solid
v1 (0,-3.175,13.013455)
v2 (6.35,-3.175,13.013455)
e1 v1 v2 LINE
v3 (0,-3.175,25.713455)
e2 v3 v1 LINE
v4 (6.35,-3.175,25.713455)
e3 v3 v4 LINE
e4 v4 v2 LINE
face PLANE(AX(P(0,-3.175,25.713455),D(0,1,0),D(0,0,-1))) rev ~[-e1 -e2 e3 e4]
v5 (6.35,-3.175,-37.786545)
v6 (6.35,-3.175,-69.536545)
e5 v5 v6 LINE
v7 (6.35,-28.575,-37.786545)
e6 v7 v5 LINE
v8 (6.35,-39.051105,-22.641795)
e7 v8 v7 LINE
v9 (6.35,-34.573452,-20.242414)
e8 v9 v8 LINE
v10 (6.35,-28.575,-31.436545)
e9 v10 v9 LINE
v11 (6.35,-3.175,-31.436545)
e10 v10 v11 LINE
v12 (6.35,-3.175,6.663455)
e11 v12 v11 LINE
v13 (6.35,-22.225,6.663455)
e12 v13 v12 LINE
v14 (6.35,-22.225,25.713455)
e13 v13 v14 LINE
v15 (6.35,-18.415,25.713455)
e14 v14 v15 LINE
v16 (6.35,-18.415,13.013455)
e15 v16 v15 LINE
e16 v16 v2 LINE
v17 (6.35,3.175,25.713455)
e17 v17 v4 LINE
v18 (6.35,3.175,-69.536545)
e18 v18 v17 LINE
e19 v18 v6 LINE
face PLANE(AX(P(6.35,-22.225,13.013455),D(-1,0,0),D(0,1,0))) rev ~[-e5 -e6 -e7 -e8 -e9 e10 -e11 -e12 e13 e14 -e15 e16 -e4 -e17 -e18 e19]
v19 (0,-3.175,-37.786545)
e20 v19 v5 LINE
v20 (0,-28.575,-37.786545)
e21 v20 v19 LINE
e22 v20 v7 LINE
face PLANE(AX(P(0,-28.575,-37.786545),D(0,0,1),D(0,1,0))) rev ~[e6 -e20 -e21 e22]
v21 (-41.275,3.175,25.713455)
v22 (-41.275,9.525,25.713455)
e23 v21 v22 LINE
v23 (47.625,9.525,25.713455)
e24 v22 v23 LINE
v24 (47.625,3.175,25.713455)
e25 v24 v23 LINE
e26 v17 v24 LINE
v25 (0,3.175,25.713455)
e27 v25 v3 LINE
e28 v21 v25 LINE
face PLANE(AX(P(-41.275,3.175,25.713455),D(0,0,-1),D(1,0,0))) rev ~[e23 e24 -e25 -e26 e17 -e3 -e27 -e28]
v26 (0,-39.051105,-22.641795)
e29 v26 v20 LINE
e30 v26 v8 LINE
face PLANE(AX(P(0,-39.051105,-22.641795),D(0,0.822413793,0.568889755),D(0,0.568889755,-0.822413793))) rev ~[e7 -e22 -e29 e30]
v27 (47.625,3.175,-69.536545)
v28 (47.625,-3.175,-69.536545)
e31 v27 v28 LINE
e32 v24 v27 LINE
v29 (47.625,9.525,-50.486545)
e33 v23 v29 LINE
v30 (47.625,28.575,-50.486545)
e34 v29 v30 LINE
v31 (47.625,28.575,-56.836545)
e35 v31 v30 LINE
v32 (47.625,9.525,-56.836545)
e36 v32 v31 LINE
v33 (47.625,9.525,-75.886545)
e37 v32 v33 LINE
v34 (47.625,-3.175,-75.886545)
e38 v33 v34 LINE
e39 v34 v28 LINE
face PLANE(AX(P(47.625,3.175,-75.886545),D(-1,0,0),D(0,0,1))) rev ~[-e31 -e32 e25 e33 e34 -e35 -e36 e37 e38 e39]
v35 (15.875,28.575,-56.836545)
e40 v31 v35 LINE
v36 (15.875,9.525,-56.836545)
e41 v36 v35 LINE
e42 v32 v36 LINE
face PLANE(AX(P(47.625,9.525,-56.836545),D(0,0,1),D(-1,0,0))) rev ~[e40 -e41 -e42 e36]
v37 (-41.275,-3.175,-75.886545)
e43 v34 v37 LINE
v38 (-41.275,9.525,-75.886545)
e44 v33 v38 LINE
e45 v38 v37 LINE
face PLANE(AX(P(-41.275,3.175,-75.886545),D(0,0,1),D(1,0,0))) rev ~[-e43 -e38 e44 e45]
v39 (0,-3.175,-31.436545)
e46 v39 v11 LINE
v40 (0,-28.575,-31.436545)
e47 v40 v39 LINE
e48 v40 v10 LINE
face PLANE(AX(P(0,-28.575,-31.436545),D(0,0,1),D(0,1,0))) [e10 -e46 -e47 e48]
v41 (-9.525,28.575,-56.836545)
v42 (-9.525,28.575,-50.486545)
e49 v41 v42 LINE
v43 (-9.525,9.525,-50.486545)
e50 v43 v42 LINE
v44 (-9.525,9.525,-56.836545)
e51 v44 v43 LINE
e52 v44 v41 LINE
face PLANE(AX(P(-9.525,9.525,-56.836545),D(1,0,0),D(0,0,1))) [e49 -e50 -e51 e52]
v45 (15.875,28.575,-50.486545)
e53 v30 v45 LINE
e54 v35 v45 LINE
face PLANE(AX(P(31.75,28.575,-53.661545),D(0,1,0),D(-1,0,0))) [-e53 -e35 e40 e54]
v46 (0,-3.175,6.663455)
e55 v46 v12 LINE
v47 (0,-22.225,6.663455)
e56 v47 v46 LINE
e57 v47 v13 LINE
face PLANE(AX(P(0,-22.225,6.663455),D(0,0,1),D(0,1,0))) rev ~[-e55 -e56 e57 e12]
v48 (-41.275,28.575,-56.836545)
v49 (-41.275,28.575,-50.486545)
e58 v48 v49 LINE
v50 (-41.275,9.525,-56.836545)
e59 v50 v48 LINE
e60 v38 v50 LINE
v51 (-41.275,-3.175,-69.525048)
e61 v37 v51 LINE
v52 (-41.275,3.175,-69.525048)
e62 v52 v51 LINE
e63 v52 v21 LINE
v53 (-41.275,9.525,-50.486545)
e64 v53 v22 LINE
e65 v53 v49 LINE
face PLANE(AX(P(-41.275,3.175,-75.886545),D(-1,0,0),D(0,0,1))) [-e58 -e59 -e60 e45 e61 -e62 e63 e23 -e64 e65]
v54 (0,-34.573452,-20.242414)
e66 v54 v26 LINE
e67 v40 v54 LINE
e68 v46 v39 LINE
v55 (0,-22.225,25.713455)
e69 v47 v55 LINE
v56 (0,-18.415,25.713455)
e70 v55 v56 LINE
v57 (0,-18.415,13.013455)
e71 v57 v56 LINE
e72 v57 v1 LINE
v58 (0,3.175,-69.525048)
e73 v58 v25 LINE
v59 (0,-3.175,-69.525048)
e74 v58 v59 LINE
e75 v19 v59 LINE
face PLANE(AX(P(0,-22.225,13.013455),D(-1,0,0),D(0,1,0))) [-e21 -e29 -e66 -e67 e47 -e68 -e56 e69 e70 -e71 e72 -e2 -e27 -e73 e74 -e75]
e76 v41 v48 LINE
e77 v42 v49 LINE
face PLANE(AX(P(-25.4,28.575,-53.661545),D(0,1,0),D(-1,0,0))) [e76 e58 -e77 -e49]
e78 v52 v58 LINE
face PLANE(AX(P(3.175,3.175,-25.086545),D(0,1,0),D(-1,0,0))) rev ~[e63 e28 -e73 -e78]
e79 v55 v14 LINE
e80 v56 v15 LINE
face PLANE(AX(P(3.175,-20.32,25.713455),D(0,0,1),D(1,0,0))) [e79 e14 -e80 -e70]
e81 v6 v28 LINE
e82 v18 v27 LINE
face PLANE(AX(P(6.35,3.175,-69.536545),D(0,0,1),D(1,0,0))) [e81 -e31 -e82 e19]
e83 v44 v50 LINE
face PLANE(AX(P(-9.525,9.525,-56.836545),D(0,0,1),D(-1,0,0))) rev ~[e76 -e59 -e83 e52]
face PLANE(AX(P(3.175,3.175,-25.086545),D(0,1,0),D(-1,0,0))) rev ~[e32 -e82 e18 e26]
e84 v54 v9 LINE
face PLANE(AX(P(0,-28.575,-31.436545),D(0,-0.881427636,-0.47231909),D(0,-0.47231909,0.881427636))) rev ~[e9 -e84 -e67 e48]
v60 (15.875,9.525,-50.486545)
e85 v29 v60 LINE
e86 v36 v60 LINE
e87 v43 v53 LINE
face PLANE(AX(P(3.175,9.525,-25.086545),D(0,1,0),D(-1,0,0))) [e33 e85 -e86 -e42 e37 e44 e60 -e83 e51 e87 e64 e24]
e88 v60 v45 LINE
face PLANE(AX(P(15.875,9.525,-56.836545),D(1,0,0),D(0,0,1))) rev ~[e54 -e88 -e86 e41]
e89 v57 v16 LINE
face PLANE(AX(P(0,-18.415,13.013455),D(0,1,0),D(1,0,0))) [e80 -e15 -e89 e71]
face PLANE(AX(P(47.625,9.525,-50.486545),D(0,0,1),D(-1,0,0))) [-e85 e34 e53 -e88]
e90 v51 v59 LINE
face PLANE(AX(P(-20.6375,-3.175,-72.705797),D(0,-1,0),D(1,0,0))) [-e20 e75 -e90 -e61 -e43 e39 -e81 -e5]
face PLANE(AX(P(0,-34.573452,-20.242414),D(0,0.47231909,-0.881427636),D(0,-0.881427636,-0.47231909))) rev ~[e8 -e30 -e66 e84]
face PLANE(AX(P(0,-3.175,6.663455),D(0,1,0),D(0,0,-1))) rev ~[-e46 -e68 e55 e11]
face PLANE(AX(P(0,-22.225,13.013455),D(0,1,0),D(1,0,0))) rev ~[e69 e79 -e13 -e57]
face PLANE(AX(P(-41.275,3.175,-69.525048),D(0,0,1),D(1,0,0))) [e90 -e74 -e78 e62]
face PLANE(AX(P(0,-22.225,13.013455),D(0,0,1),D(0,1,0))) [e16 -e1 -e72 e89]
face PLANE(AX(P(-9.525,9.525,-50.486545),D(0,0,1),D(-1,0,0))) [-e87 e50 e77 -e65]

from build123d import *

# Parameters (mm, degrees)
F0_W      = 25.4
F0_H      = 6.35
F0_W_2    = 19.05
F1_DEPTH  = 6.35
F3_DEPTH  = 6.35
F4_W      = 31.75
F4_H      = 6.35
F5_DEPTH  = 19.05
F6_W      = 41.275
F6_H      = 6.35
F7_DEPTH  = 6.35
F8_W      = 41.275
F8_H      = 6.361497178
F9_DEPTH  = 6.35
F10_W     = 6.35
F10_H     = 3.81
F11_DEPTH = 12.7


with BuildPart() as f1:
    # F0 (on Right) → F1 (new body)
    with BuildSketch(Plane.YZ):
        Polygon((-28.575, -37.7865453147), (-28.575, -31.4365453147), (-34.5734524408, -20.2424143384), (-39.0511048314, -22.6417953147), align=None)
        with Locations((-15.875, -34.6115453147)):
            Rectangle(F0_W, F0_H)
        Polygon((3.175, 25.7134546853), (-3.175, 25.7134546853), (-3.175, 13.0134546853), (-3.175, 6.6634546853), (-3.175, -31.4365453147), (-3.175, -37.7865453147), (-3.175, -75.8865453147), (3.175, -75.8865453147), align=None)
        with Locations((-12.7, 9.8384546853)):
            Rectangle(F0_W_2, F0_H)
    extrude(amount=F1_DEPTH)

    # F2 (on face) → F3 (join)
    with BuildSketch(Plane(origin=(0, 3.175, 0), x_dir=(-1, 0, 0), z_dir=(0, 1, 0))):
        Polygon((41.275, 25.7134546853), (-3.175, 25.7134546853), (-47.625, 25.7134546853), (-47.625, -75.8865453147), (-6.35, -75.8865453147), (0, -75.8865453147), (41.275, -75.8865453147), align=None)
    extrude(amount=F3_DEPTH)

    # F4 (on face) → F5 (join)
    with BuildSketch(Plane(origin=(0, 9.525, 0), x_dir=(-1, 0, 0), z_dir=(0, 1, 0))):
        with Locations((-31.75, -53.6615453147)):
            Rectangle(F4_W, F4_H)
        with Locations((25.4, -53.6615453147)):
            Rectangle(F4_W, F4_H)
    extrude(amount=F5_DEPTH)

    # F6 (on face) → F7 (join)
    with BuildSketch(Plane.XZ.offset(-3.175)):
        with Locations((26.9875, -72.7115453147)):
            Rectangle(F6_W, F6_H)
    extrude(amount=F7_DEPTH)

    # F8 (on face) → F9 (join)
    with BuildSketch(Plane.XZ.offset(-3.175)):
        with Locations((-20.6375, -72.7057967257)):
            Rectangle(F8_W, F8_H)
    extrude(amount=F9_DEPTH)

    # F10 (on face) → F11 (join)
    with BuildSketch(Plane.XY.offset(13.0134546853)):
        with Locations((3.175, -20.32)):
            Rectangle(F10_W, F10_H)
    extrude(amount=F11_DEPTH)


solid = f1.part
